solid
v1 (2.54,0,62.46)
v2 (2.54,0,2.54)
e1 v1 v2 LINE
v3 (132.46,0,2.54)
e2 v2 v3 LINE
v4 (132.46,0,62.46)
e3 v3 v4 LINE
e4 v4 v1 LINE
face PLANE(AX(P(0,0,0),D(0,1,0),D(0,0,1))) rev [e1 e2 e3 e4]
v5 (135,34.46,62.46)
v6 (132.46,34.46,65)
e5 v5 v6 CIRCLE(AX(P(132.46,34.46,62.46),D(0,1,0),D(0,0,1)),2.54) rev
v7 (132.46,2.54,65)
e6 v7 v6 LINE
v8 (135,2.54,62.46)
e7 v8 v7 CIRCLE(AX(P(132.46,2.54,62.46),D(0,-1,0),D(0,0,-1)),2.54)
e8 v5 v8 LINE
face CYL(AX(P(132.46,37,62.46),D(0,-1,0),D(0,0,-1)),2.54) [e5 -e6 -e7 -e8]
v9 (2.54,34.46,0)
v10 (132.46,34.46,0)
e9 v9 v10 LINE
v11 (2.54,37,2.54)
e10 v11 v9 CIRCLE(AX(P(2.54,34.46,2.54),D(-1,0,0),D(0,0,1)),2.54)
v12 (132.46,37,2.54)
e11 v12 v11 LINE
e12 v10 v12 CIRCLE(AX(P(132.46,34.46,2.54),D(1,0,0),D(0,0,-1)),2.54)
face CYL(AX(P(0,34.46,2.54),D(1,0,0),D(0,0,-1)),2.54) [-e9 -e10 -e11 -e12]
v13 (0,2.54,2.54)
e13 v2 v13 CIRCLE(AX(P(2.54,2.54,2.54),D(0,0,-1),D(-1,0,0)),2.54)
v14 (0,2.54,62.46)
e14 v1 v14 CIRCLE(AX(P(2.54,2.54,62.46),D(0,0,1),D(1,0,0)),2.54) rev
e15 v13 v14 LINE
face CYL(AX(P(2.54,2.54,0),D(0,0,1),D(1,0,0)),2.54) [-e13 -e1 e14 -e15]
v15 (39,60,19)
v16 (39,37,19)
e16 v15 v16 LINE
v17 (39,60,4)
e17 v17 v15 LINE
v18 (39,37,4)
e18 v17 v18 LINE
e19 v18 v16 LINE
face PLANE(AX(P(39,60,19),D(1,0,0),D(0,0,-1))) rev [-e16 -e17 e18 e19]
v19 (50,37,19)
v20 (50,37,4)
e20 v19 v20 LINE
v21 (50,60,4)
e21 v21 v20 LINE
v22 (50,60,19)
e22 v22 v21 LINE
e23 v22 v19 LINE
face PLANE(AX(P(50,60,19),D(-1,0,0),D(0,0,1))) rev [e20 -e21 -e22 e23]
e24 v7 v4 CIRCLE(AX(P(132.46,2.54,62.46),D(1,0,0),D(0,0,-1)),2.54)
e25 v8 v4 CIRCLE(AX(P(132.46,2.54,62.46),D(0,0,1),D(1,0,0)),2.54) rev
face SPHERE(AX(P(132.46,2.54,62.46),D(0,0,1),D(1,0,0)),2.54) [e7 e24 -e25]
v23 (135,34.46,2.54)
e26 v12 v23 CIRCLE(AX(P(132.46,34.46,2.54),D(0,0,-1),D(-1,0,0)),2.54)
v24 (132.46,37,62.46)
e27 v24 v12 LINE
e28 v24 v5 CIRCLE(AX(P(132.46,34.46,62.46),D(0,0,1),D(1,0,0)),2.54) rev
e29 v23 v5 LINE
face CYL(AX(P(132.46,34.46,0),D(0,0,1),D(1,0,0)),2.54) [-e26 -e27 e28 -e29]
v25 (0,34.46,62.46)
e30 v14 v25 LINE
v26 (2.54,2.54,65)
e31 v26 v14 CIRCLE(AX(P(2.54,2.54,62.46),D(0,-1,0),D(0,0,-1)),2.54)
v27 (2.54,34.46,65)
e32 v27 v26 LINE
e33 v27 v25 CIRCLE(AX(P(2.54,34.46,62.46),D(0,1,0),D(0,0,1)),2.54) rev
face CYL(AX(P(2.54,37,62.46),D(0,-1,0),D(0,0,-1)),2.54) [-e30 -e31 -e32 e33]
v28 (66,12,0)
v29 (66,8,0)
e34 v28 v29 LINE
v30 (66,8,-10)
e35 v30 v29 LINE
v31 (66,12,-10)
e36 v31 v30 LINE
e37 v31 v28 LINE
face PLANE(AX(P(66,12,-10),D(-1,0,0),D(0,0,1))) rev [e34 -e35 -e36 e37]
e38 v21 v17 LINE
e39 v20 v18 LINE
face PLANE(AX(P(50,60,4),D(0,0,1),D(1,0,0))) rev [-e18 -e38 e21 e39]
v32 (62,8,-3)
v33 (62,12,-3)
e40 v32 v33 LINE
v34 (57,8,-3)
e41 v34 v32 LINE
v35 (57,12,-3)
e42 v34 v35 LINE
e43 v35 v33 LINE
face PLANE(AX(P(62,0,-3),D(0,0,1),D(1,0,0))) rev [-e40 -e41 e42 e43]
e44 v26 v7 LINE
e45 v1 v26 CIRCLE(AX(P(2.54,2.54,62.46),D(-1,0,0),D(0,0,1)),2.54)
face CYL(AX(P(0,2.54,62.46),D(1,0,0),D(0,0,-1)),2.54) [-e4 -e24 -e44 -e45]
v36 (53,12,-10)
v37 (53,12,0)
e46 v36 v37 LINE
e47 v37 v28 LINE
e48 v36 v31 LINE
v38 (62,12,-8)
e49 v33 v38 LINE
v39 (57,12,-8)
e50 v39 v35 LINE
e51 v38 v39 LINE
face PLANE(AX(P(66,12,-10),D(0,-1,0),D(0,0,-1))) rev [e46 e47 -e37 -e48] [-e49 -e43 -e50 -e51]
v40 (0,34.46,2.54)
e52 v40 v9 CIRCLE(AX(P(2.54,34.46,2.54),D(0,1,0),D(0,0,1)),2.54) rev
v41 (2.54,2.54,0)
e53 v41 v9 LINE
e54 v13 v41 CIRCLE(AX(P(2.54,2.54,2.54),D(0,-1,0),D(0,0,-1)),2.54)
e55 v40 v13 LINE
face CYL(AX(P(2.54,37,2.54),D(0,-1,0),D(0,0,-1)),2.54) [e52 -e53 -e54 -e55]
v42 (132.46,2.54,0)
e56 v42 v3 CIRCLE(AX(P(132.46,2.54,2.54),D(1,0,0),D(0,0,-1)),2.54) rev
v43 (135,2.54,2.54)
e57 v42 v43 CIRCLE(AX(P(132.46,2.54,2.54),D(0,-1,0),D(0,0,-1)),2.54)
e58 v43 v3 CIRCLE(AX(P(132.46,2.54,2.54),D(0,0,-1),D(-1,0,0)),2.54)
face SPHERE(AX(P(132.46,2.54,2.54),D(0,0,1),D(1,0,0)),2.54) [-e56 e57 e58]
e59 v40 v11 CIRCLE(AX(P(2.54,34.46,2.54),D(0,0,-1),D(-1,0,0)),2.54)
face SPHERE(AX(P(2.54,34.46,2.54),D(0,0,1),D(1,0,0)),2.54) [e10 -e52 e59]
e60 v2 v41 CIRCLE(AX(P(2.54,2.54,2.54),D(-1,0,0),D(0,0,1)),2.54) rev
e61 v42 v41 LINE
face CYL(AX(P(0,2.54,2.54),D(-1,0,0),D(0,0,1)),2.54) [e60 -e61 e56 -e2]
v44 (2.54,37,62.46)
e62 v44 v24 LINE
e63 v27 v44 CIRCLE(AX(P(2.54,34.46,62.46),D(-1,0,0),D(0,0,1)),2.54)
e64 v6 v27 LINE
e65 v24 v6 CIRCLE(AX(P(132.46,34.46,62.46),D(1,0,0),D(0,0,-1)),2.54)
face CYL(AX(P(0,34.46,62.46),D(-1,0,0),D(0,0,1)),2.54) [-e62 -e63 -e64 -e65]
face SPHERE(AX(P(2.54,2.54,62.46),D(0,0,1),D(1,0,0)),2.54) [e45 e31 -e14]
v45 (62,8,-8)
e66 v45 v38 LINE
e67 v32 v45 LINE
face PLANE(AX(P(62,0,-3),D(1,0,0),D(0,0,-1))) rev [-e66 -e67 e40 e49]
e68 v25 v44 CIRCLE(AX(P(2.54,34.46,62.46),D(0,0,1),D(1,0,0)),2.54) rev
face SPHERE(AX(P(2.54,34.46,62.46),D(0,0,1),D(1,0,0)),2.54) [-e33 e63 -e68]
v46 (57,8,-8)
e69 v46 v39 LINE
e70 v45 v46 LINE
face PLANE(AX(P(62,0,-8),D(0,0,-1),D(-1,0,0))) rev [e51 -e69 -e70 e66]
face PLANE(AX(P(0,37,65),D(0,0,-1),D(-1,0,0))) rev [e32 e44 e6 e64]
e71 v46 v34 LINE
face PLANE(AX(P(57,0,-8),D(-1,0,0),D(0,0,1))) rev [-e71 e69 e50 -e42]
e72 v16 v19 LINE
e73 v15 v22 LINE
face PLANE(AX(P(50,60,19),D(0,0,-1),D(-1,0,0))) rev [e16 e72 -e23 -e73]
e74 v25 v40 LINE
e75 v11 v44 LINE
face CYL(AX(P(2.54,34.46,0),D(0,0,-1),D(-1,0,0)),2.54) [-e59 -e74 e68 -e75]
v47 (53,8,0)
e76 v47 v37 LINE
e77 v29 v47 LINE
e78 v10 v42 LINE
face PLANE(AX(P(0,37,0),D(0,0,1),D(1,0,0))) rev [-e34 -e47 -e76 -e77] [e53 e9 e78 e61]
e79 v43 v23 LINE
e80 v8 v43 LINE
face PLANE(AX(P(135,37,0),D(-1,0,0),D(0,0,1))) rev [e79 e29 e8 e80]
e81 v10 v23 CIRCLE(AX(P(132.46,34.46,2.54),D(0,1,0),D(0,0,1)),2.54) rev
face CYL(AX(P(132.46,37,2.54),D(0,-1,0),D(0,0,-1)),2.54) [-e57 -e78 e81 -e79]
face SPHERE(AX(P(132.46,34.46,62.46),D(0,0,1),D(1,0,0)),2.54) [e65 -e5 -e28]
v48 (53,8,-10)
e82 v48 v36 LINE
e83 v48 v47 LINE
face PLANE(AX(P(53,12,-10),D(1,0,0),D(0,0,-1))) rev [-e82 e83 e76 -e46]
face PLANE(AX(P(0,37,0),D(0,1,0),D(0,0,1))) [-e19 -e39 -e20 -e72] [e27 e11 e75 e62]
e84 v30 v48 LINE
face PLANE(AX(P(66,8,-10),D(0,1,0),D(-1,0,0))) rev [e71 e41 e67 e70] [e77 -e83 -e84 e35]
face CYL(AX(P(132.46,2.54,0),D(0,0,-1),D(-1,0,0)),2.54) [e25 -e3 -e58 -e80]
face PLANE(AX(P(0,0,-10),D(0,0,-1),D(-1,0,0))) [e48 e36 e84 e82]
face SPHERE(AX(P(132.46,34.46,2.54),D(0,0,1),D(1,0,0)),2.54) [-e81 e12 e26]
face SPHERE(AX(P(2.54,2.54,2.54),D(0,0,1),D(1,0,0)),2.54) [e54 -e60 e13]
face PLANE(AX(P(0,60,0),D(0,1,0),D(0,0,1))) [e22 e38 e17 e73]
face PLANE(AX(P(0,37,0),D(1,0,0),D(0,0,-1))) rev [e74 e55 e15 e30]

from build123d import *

# Parameters (mm, degrees)
SKETCH1_W           = 135
SKETCH1_H           = 65
BOSS_EXTRUDE1_DEPTH = 37
FILLET1_R           = 2.54
SKETCH2_W           = 11
SKETCH2_H           = 15
BOSS_EXTRUDE2_DEPTH = 23
SKETCH3_W           = 13
SKETCH3_H           = 4
BOSS_EXTRUDE3_DEPTH = 10
SKETCH4_W           = 5
SKETCH4_H           = 5
CUT_EXTRUDE1_DEPTH  = 158.334039546


with BuildPart() as part:
    # Sketch1 → Boss-Extrude1 (new body)
    with BuildSketch(Plane(origin=(0, 0, 0), x_dir=(1, 0, 0), z_dir=(0, 1, 0))):
        with Locations((67.5, -32.5)):
            Rectangle(SKETCH1_W, SKETCH1_H)
    extrude(amount=BOSS_EXTRUDE1_DEPTH)

    # Fillet1
    fillet1_edges = [part.edges().sort_by_distance(p)[0] for p in [
        (135, 37, 32.5),
        (67.5, 37, 0),
        (0, 37, 32.5),
        (67.5, 0, 0),
        (135, 0, 32.5),
        (67.5, 0, 65),
        (0, 0, 32.5),
        (67.5, 37, 65),
        (0, 18.5, 0),
        (135, 18.5, 0),
        (135, 18.5, 65),
        (0, 18.5, 65),
    ]]
    fillet(fillet1_edges, radius=FILLET1_R)

    # Sketch2 → Boss-Extrude2 (add)
    with BuildSketch(Plane(origin=(0, 37, 0), x_dir=(1, 0, 0), z_dir=(0, 1, 0))):
        with Locations((44.5, -11.5)):
            Rectangle(SKETCH2_W, SKETCH2_H)
    extrude(amount=BOSS_EXTRUDE2_DEPTH)

    # Sketch3 → Boss-Extrude3 (add)
    with BuildSketch(Plane(origin=(0, 0, 0), x_dir=(-1, 0, 0), z_dir=(0, 0, -1))):
        with Locations((-59.5, 10)):
            Rectangle(SKETCH3_W, SKETCH3_H)
    extrude(amount=BOSS_EXTRUDE3_DEPTH)

    # Sketch4 → Cut-Extrude1 (cut, through all)
    with BuildSketch(Plane(origin=(0, 12, 0), x_dir=(1, 0, 0), z_dir=(0, 1, 0))):
        with Locations((59.5, 5.5)):
            Rectangle(SKETCH4_W, SKETCH4_H)
    extrude(amount=-CUT_EXTRUDE1_DEPTH, mode=Mode.SUBTRACT)


solid = part.part
